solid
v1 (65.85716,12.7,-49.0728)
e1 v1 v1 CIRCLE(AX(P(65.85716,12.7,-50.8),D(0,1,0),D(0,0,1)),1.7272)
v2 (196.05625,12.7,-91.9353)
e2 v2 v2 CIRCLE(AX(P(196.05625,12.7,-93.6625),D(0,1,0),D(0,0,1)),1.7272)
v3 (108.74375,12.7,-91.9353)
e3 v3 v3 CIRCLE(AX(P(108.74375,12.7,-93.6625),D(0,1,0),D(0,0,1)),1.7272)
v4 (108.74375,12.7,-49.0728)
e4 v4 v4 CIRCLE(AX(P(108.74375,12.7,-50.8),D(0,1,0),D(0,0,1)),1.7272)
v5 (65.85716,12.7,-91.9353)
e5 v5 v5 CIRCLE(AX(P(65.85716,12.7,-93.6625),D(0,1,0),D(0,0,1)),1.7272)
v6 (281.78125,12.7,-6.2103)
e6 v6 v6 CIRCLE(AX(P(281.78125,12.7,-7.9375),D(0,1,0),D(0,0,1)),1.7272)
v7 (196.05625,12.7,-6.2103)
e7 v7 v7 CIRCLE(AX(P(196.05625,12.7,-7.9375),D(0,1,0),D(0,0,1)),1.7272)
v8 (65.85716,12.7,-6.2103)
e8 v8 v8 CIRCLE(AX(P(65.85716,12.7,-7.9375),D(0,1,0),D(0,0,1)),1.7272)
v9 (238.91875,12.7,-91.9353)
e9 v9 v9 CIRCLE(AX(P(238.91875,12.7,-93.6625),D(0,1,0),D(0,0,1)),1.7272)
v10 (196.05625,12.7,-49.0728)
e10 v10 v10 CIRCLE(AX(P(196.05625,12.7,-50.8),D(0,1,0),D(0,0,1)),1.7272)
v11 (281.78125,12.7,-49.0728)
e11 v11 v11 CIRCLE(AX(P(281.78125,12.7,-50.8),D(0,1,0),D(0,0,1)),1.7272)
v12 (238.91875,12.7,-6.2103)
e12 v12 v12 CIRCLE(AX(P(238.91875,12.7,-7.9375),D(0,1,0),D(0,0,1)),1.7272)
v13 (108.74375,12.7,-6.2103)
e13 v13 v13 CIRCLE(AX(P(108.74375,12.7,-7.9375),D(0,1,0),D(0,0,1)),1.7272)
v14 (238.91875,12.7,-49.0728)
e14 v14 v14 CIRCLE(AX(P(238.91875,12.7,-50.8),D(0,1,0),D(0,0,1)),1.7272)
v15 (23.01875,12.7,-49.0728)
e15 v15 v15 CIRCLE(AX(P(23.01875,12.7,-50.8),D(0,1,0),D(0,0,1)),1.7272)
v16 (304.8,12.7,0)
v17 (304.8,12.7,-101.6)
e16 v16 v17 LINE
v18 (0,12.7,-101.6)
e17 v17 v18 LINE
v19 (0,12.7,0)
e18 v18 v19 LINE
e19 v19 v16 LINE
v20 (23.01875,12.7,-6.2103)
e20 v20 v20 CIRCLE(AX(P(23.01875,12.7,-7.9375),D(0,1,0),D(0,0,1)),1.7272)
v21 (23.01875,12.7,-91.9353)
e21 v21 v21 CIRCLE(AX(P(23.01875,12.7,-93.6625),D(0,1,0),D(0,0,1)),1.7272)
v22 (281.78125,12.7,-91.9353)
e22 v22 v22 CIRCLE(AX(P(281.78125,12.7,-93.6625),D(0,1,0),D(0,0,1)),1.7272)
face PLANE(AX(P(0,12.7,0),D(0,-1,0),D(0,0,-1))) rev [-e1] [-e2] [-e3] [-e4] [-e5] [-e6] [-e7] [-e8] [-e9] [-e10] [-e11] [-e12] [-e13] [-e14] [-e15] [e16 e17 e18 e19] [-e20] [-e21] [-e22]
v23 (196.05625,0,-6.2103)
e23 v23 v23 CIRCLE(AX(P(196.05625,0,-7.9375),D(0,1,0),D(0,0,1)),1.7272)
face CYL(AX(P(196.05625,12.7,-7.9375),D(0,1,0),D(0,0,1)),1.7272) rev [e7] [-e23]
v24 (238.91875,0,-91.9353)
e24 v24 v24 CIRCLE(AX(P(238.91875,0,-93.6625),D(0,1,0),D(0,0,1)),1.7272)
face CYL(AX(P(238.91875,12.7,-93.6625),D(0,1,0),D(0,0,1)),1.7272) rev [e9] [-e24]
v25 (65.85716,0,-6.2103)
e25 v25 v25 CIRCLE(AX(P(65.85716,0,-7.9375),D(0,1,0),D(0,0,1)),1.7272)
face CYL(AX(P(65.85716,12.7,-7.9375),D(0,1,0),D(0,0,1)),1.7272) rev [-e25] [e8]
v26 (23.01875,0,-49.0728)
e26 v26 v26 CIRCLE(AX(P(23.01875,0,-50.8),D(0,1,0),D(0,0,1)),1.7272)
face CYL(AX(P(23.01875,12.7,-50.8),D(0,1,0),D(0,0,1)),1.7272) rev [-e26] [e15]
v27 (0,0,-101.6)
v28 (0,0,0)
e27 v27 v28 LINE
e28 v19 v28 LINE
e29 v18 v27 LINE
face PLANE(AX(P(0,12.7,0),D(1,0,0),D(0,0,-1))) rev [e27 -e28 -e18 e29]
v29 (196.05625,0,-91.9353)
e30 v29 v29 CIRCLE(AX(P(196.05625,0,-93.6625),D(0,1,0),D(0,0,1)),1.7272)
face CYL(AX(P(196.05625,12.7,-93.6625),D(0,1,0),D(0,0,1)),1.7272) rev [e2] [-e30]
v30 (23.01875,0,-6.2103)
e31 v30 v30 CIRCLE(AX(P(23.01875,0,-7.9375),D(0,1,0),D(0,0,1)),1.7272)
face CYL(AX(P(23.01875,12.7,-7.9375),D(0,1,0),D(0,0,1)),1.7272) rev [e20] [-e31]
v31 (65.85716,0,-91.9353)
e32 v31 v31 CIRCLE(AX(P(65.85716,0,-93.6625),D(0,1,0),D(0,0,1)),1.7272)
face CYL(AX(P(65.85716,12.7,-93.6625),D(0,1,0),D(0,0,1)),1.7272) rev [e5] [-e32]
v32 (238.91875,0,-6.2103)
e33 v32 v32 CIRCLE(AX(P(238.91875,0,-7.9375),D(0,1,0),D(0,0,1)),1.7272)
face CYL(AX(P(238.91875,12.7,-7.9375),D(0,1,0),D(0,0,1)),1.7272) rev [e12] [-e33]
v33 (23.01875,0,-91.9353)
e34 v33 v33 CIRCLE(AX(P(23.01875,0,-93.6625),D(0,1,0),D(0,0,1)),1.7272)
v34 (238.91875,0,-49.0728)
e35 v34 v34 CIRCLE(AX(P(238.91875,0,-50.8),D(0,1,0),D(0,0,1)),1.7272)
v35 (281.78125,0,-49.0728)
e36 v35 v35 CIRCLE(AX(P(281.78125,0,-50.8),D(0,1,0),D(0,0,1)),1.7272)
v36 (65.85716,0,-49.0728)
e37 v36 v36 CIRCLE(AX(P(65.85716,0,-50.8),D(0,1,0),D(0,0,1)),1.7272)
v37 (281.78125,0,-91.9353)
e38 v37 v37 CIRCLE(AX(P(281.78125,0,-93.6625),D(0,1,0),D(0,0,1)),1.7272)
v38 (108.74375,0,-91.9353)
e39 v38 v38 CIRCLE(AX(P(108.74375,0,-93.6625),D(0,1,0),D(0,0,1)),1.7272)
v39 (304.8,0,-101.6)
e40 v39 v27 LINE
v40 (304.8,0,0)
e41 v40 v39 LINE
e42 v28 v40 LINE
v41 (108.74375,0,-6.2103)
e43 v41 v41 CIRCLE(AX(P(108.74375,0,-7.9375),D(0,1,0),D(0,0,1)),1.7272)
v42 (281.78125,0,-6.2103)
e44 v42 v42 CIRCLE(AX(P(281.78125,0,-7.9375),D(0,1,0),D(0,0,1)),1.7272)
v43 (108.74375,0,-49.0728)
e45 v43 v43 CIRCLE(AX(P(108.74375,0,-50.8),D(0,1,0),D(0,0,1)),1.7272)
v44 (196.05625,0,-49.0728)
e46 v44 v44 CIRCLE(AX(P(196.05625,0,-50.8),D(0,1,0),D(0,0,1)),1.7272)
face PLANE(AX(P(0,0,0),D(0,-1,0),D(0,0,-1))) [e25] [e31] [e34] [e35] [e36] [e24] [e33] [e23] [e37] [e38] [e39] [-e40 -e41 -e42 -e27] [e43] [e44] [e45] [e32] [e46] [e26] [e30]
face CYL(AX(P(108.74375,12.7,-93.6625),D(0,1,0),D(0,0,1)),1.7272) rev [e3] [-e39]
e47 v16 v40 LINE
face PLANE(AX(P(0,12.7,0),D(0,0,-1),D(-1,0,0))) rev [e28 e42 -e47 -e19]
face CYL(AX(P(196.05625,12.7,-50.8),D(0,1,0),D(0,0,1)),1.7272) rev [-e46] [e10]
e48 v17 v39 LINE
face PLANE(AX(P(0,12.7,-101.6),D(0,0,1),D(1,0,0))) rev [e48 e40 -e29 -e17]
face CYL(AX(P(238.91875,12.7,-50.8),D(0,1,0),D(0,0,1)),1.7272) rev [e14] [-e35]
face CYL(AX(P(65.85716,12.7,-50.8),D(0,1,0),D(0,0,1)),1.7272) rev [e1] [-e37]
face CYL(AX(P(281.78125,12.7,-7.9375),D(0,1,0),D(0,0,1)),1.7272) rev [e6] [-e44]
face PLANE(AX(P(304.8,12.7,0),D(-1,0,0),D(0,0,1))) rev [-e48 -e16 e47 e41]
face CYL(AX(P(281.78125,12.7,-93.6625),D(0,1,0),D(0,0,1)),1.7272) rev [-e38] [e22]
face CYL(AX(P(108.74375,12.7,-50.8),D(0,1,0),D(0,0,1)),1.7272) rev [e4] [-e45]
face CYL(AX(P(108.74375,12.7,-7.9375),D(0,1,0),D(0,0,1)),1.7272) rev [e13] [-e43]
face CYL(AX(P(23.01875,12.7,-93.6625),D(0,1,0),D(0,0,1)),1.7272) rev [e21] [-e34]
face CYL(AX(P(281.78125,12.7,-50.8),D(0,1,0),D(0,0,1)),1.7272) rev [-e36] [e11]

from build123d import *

# Parameters (mm, degrees)
SKETCH1_W             = 304.8
SKETCH1_H             = 101.6
BOSS_EXTRUDE1_DEPTH   = 12.7
F_8_32_TAPPED_HOLE1_D = 3.4544


with BuildPart() as part:
    # Sketch1 → Boss-Extrude1 (new body)
    with BuildSketch(Plane(origin=(0, 0, 0), x_dir=(1, 0, 0), z_dir=(0, 1, 0))):
        with Locations((152.4, 50.8)):
            Rectangle(SKETCH1_W, SKETCH1_H)
    extrude(amount=BOSS_EXTRUDE1_DEPTH)

    # #8-32 Tapped Hole1 (through all)
    with Locations(Plane(origin=(0, 12.7, 0), x_dir=(1, 0, 0), z_dir=(0, 1, 0))):
        with Locations((23.01875, 93.6625), (65.857160482, 93.6625), (108.74375, 93.6625), (196.05625, 93.6625), (238.91875, 93.6625), (281.78125, 93.6625), (23.01875, 50.8), (65.857160482, 50.8), (108.74375, 50.8), (196.05625, 50.8), (238.91875, 50.8), (281.78125, 50.8), (23.01875, 7.9375), (65.857160482, 7.9375), (108.74375, 7.9375), (196.05625, 7.9375), (238.91875, 7.9375), (281.78125, 7.9375)):
            Hole(F_8_32_TAPPED_HOLE1_D / 2)


solid = part.part
